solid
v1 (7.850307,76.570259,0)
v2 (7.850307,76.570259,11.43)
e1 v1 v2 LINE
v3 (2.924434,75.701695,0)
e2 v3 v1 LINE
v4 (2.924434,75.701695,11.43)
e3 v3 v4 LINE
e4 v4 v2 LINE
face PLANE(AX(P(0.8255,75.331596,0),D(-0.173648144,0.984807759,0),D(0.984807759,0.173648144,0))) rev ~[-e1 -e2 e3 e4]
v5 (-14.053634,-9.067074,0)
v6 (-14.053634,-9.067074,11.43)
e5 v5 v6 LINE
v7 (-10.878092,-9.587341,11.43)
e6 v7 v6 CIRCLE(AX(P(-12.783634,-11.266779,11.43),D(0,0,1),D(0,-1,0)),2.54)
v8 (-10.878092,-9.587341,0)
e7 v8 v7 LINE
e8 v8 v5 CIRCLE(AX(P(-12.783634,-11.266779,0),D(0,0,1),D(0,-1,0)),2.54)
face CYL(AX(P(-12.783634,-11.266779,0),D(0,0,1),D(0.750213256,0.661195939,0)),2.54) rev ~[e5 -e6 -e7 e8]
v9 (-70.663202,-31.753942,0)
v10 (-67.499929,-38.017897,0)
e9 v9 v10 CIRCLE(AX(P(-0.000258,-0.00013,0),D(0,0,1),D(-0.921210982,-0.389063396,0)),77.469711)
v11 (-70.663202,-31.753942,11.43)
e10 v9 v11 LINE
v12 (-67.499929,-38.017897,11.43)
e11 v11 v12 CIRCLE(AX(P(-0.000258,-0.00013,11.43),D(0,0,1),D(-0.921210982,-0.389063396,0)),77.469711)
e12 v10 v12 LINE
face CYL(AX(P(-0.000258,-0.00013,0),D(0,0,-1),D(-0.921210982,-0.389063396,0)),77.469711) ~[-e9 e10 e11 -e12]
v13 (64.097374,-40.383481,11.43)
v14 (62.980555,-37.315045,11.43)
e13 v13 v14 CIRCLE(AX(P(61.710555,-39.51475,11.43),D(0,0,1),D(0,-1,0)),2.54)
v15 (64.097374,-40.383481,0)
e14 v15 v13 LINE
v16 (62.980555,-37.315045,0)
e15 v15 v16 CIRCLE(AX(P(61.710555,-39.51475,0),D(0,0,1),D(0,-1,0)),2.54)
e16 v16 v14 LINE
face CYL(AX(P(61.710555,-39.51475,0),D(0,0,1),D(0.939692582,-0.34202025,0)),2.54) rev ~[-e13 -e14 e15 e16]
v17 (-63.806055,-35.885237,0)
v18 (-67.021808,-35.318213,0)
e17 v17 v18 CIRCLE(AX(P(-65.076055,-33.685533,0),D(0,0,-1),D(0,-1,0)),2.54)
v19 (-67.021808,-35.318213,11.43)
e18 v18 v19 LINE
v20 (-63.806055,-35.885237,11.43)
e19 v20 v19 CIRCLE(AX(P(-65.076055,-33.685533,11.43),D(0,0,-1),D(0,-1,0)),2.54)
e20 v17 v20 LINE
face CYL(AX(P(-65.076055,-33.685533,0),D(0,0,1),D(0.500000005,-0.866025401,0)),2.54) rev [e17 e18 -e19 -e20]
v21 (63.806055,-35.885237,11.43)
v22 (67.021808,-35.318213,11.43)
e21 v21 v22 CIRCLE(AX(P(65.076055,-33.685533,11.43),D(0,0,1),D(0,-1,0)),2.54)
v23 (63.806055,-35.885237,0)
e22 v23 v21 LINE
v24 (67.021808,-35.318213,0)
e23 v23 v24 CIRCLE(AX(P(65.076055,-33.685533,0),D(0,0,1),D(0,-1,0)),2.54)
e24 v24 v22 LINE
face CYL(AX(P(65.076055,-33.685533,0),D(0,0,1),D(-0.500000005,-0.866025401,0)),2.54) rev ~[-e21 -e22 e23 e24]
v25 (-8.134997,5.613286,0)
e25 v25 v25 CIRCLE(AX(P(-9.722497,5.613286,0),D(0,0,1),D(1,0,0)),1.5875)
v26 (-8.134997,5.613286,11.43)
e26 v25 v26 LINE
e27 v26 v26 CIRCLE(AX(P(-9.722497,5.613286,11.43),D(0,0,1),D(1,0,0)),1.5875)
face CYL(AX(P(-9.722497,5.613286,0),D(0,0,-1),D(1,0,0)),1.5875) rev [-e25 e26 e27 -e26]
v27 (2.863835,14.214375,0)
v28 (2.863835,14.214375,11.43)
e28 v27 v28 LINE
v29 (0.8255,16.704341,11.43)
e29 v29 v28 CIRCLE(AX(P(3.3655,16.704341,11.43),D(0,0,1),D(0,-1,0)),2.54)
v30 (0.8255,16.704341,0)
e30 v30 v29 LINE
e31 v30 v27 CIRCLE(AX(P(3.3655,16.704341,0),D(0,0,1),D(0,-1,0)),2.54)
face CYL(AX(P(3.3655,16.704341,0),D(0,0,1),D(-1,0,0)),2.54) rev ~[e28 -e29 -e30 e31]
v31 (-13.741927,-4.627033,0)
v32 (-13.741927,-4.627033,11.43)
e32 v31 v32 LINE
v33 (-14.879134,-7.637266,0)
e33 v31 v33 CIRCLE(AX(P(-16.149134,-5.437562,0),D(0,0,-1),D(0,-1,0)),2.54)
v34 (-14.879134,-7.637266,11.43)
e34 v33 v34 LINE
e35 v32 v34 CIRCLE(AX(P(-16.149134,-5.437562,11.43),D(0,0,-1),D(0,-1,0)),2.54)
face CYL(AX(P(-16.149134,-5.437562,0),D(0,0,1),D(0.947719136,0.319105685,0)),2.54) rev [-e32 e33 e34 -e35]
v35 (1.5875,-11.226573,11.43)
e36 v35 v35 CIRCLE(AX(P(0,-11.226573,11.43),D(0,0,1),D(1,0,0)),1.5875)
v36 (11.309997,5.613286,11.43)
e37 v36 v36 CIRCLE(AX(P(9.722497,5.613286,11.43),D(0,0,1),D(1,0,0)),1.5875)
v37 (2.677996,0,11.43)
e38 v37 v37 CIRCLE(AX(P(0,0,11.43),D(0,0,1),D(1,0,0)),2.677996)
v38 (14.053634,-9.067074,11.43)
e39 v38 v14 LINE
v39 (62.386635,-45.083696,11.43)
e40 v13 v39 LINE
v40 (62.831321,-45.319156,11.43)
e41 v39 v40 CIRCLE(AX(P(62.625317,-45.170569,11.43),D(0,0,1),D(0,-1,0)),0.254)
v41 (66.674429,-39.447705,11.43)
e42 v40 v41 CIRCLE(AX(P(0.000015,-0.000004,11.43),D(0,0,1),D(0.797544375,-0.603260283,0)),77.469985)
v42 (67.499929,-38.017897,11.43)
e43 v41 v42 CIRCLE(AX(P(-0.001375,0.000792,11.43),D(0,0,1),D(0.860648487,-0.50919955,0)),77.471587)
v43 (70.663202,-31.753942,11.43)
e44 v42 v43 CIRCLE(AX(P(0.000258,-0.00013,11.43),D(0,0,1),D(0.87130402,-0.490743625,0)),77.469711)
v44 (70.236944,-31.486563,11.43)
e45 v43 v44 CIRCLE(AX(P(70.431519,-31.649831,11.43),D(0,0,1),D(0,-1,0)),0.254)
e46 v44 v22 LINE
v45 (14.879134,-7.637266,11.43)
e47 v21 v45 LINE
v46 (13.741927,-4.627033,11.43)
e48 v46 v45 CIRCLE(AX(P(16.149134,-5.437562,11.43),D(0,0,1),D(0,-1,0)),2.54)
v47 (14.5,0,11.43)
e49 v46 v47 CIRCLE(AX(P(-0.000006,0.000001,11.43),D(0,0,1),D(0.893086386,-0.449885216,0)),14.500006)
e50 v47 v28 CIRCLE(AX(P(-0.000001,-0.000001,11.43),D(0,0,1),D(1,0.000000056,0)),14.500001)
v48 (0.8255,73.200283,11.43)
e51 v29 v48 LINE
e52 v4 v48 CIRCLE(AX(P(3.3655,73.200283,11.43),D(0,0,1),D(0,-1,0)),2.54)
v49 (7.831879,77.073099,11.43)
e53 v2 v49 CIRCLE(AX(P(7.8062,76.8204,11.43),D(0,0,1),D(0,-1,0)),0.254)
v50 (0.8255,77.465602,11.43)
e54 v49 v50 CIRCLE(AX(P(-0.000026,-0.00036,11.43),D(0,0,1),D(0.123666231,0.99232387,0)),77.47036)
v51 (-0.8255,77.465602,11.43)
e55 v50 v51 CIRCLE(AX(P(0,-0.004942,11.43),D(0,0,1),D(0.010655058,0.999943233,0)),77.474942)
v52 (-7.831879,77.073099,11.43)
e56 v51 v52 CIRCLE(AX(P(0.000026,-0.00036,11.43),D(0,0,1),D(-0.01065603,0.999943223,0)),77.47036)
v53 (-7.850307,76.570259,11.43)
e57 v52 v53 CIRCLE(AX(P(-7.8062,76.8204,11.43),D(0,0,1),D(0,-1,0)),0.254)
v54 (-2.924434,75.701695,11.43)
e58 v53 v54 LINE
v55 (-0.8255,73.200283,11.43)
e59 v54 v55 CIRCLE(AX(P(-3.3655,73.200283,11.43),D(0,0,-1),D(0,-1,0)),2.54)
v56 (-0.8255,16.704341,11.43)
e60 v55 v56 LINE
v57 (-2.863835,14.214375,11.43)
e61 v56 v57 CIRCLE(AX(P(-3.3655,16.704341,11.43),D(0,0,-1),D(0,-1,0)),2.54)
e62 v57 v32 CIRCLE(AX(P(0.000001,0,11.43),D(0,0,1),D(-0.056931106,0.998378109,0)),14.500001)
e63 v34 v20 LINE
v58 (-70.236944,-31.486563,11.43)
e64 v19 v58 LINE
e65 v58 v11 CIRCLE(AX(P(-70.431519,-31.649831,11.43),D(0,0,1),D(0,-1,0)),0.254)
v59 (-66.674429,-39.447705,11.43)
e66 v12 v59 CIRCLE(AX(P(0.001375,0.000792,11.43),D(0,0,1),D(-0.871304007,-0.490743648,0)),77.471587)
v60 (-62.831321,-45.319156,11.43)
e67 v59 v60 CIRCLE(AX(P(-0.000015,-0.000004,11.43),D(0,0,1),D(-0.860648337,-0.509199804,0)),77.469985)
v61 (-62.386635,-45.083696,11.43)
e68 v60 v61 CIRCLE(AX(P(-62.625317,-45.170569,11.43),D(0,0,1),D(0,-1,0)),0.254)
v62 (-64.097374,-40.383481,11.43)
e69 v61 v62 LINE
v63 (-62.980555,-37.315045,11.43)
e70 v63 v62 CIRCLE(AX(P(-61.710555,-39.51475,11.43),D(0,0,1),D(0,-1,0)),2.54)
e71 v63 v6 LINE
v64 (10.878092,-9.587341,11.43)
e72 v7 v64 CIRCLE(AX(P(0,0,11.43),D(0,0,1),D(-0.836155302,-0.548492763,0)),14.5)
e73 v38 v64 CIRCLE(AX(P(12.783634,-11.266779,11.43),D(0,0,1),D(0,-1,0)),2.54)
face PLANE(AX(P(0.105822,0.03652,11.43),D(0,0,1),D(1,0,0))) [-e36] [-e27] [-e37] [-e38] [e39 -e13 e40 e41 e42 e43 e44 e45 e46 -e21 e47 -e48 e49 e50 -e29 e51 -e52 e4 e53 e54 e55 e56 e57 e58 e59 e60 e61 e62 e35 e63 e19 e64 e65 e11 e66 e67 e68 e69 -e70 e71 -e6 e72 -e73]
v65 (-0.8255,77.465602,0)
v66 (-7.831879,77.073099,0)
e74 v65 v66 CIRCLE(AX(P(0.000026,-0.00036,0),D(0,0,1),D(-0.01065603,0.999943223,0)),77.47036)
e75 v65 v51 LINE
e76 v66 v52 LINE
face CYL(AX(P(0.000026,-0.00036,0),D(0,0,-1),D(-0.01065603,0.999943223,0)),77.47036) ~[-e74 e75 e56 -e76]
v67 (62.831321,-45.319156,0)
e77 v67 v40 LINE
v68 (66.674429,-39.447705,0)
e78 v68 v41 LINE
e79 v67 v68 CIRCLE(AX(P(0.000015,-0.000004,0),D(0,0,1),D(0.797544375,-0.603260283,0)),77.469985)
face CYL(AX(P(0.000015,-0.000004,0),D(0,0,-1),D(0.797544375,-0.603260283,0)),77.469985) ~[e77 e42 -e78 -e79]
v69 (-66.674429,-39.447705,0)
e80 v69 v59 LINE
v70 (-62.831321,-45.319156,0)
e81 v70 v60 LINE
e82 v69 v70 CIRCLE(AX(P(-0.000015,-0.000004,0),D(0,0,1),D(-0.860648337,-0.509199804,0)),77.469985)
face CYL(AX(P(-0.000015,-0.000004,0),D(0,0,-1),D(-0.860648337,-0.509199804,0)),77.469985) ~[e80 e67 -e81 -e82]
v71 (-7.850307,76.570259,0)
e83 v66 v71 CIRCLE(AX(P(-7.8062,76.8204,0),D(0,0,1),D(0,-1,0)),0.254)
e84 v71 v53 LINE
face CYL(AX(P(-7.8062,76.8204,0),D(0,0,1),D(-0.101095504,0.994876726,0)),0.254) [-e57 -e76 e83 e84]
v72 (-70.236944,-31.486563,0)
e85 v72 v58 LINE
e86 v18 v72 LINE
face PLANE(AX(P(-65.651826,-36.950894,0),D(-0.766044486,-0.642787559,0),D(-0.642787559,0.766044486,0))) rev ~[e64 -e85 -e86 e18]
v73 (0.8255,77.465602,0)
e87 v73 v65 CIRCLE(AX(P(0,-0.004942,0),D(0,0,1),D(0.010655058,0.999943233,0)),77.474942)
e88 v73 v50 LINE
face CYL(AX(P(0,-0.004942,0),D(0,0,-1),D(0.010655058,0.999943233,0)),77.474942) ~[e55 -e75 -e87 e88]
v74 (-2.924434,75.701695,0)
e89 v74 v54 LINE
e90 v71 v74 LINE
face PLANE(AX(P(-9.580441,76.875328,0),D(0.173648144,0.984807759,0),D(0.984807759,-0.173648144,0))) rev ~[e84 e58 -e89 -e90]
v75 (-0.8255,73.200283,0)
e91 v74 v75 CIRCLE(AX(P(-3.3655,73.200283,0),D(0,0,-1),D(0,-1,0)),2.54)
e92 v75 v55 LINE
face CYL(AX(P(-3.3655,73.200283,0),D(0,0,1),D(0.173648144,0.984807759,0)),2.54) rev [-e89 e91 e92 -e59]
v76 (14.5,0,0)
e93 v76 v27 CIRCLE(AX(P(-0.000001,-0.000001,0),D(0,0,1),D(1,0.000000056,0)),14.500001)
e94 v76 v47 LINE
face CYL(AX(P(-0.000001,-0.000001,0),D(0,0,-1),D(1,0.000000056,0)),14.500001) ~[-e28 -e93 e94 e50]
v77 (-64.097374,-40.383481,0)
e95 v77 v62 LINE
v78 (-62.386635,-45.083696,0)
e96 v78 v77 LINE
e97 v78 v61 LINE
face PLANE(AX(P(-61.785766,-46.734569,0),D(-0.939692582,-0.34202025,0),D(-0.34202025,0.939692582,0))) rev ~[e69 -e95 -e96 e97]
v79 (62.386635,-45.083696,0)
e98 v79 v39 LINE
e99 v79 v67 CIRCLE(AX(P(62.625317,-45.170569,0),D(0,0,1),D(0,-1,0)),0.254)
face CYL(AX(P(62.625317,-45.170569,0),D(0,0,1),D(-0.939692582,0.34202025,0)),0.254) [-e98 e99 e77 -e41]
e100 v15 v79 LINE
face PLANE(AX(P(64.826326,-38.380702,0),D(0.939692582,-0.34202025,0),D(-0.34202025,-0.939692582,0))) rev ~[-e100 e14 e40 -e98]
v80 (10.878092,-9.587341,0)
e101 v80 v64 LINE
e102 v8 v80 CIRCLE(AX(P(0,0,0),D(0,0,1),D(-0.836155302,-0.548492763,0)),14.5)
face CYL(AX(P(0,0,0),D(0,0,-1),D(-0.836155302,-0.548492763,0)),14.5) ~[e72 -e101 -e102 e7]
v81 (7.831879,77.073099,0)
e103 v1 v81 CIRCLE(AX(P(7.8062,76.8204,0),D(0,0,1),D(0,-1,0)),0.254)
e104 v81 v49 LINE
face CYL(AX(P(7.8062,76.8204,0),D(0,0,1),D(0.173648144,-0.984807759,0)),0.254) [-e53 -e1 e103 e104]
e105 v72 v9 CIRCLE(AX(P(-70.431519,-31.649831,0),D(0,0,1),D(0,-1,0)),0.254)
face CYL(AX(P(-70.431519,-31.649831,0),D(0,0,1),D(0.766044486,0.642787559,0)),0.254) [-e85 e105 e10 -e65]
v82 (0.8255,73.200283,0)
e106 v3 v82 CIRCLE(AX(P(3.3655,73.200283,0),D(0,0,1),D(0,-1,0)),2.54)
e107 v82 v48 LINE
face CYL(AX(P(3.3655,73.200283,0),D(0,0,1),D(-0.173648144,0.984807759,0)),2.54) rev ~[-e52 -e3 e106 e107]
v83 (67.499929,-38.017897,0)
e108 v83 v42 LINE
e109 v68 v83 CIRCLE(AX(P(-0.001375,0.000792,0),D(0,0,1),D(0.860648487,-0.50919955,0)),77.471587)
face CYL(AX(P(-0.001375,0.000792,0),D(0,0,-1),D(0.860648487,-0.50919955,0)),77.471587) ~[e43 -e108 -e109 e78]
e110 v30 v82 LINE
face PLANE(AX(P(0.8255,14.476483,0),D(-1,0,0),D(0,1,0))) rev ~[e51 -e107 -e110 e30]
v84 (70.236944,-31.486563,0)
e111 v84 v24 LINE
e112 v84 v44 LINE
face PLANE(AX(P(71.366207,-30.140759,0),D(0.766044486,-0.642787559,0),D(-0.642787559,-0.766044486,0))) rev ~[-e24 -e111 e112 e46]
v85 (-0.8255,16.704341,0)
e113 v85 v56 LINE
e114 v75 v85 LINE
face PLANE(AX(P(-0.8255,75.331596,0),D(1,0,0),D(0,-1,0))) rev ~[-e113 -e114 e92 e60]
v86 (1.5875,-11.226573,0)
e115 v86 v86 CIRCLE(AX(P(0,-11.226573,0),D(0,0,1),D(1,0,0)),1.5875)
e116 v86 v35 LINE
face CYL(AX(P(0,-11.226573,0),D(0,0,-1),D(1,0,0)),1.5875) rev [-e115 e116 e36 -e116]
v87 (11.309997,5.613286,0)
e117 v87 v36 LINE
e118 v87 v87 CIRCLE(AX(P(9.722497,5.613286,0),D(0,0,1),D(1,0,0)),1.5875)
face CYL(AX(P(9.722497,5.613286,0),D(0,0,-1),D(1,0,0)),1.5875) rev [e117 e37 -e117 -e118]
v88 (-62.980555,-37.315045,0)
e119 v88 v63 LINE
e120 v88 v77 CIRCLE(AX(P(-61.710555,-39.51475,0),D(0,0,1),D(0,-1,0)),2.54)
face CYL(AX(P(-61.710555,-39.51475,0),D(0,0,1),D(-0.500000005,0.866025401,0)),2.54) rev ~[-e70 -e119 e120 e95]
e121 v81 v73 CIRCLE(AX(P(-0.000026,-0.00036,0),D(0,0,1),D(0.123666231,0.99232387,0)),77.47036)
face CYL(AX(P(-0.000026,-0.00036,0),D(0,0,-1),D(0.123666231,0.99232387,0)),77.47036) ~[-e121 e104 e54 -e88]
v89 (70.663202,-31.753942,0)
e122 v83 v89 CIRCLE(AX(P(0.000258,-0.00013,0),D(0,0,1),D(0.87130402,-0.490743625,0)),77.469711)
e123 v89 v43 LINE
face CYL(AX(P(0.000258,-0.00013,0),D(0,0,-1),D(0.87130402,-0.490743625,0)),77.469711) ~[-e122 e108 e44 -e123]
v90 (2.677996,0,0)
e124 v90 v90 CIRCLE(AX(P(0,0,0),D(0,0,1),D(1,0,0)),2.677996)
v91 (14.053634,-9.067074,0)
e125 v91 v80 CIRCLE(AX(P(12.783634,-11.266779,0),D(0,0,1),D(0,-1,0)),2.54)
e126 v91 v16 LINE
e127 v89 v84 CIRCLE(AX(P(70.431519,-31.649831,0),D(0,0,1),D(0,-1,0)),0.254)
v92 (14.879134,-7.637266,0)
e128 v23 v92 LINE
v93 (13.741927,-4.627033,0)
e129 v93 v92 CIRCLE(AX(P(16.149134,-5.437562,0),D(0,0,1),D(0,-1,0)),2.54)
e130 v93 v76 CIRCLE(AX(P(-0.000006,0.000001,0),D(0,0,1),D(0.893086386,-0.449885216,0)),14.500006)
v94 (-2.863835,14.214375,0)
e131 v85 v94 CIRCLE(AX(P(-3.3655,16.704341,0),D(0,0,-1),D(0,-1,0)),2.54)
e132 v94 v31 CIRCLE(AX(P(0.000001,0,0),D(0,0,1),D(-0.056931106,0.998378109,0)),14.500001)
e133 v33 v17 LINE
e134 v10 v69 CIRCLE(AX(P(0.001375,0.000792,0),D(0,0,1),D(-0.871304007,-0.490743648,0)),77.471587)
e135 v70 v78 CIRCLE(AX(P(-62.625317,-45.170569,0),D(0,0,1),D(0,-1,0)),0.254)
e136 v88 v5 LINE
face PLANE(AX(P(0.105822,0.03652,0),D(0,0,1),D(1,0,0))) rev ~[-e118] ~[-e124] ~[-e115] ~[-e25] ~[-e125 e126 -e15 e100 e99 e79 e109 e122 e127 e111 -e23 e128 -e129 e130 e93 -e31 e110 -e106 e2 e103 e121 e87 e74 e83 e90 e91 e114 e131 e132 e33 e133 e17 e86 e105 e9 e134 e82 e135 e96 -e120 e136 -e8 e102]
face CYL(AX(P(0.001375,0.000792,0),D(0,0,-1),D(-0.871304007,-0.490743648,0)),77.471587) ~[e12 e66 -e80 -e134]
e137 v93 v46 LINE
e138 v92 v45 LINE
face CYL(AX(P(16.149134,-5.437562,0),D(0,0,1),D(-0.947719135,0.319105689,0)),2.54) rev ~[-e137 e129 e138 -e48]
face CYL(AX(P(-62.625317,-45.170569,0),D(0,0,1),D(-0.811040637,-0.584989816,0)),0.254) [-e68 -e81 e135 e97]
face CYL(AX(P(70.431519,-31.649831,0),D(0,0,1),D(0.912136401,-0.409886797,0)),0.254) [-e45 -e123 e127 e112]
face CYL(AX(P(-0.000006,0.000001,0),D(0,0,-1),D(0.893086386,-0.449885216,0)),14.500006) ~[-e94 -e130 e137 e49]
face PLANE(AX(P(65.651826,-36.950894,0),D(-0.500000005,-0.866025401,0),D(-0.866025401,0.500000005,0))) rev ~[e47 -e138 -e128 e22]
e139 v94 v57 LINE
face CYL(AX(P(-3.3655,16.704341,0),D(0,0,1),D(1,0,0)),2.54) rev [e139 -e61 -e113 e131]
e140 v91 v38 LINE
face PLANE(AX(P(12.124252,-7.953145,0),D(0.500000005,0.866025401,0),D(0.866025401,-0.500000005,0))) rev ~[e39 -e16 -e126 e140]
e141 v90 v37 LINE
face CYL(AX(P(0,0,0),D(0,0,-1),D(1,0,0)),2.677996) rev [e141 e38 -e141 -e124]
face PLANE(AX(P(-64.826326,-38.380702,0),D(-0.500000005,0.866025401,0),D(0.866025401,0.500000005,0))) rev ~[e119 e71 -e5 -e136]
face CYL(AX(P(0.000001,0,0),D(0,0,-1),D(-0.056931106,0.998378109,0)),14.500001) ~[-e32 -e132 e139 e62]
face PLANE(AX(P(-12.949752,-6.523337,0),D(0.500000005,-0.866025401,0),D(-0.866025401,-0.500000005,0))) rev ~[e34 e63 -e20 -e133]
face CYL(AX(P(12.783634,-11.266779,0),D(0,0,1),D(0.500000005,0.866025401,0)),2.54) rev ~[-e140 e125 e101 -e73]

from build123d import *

# Parameters (mm, degrees)
F0_R     = 1.5875
F0_R_2   = 2.677996
F1_DEPTH = 11.43
F2_R     = 0.254
F3_R     = 2.54


with BuildPart() as f1:
    # F0 (on Top) → F1 (new body)
    with BuildSketch(Plane.XY):
        with BuildLine():
            ThreePointArc((14.5, 0), (10.540867, 9.956913), (0.8255, 14.476483))
            ThreePointArc((0.8255, 14.476483), (0, 14.5), (-0.8255, 14.476483))
            ThreePointArc((-0.8255, 14.476483), (-12.557368, 7.25), (-12.949752, -6.523337))
            ThreePointArc((-12.949752, -6.523337), (-12.557368, -7.25), (-12.124252, -7.953145))
            ThreePointArc((-12.124252, -7.953145), (0, -14.5), (12.124252, -7.953145))
            ThreePointArc((12.124252, -7.953145), (12.557368, -7.25), (12.949752, -6.523337))
            ThreePointArc((12.949752, -6.523337), (14.107115, -3.352507), (14.5, 0))
        make_face()
        with Locations((0, -11.226573)):
            Circle(F0_R, mode=Mode.SUBTRACT)
        with Locations((-9.722497, 5.613286)):
            Circle(F0_R, mode=Mode.SUBTRACT)
        Circle(F0_R_2, mode=Mode.SUBTRACT)
        with Locations((9.722497, 5.613286)):
            Circle(F0_R, mode=Mode.SUBTRACT)
        with BuildLine():
            Line((0.8255, 75.331596), (0.8255, 77.465602))
            ThreePointArc((0.8255, 77.465602), (0, 77.47), (-0.8255, 77.465602))
            Line((-0.8255, 77.465602), (-0.8255, 75.331596))
            Line((-0.8255, 75.331596), (-0.8255, 14.476483))
            ThreePointArc((-0.8255, 14.476483), (0, 14.5), (0.8255, 14.476483))
            Line((0.8255, 14.476483), (0.8255, 75.331596))
        make_face()
        with BuildLine():
            ThreePointArc((-12.124252, -7.953145), (-12.557368, -7.25), (-12.949752, -6.523337))
            Line((-12.949752, -6.523337), (-65.651826, -36.950894))
            Line((-65.651826, -36.950894), (-67.499929, -38.017897))
            ThreePointArc((-67.499929, -38.017897), (-67.090988, -38.735), (-66.674429, -39.447705))
            Line((-66.674429, -39.447705), (-64.826326, -38.380702))
            Line((-64.826326, -38.380702), (-12.124252, -7.953145))
        make_face()
        with BuildLine():
            ThreePointArc((66.674429, -39.447705), (67.090988, -38.735), (67.499929, -38.017897))
            Line((67.499929, -38.017897), (65.651826, -36.950894))
            Line((65.651826, -36.950894), (12.949752, -6.523337))
            ThreePointArc((12.949752, -6.523337), (12.557368, -7.25), (12.124252, -7.953145))
            Line((12.124252, -7.953145), (64.826326, -38.380702))
            Line((64.826326, -38.380702), (66.674429, -39.447705))
        make_face()
        with BuildLine():
            Line((-0.8255, 75.331596), (-0.8255, 77.465602))
            ThreePointArc((-0.8255, 77.465602), (-5.211335, 77.29452), (-9.580441, 76.875328))
            Line((-9.580441, 76.875328), (-0.8255, 75.331596))
        make_face()
        with BuildLine():
            Line((0.8255, 75.331596), (9.580441, 76.875328))
            ThreePointArc((9.580441, 76.875328), (5.211335, 77.29452), (0.8255, 77.465602))
            Line((0.8255, 77.465602), (0.8255, 75.331596))
        make_face()
        with BuildLine():
            ThreePointArc((61.785766, -46.734569), (64.333351, -43.160408), (66.674429, -39.447705))
            Line((66.674429, -39.447705), (64.826326, -38.380702))
            Line((64.826326, -38.380702), (61.785766, -46.734569))
        make_face()
        with BuildLine():
            ThreePointArc((67.499929, -38.017897), (69.544686, -34.134112), (71.366207, -30.140759))
            Line((71.366207, -30.140759), (65.651826, -36.950894))
            Line((65.651826, -36.950894), (67.499929, -38.017897))
        make_face()
        with BuildLine():
            ThreePointArc((-66.674429, -39.447705), (-64.333351, -43.160408), (-61.785766, -46.734569))
            Line((-61.785766, -46.734569), (-64.826326, -38.380702))
            Line((-64.826326, -38.380702), (-66.674429, -39.447705))
        make_face()
        with BuildLine():
            Line((-65.651826, -36.950894), (-71.366207, -30.140759))
            ThreePointArc((-71.366207, -30.140759), (-69.544686, -34.134112), (-67.499929, -38.017897))
            Line((-67.499929, -38.017897), (-65.651826, -36.950894))
        make_face()
    extrude(amount=F1_DEPTH)

    # F2
    f2_edges = [f1.edges().sort_by_distance(p)[0] for p in [
        (71.366207, -30.140759, 5.715),
        (61.785766, -46.734569, 5.715),
        (-71.366207, -30.140759, 5.715),
        (-61.785766, -46.734569, 5.715),
        (-9.580441, 76.875328, 5.715),
        (9.580441, 76.875328, 5.715),
    ]]
    fillet(f2_edges, radius=F2_R)

    # F3
    f3_edges = [f1.edges().sort_by_distance(p)[0] for p in [
        (-12.124252, -7.953145, 5.715),
        (-12.949752, -6.523337, 5.715),
        (-0.8255, 14.476483, 5.715),
        (0.8255, 14.476483, 5.715),
        (12.949752, -6.523337, 5.715),
        (12.124252, -7.953145, 5.715),
        (-64.826326, -38.380702, 5.715),
        (-65.651826, -36.950894, 5.715),
        (-0.8255, 75.331596, 5.715),
        (64.826326, -38.380702, 5.715),
        (65.651826, -36.950894, 5.715),
        (0.8255, 75.331596, 5.715),
    ]]
    fillet(f3_edges, radius=F3_R)


solid = f1.part
